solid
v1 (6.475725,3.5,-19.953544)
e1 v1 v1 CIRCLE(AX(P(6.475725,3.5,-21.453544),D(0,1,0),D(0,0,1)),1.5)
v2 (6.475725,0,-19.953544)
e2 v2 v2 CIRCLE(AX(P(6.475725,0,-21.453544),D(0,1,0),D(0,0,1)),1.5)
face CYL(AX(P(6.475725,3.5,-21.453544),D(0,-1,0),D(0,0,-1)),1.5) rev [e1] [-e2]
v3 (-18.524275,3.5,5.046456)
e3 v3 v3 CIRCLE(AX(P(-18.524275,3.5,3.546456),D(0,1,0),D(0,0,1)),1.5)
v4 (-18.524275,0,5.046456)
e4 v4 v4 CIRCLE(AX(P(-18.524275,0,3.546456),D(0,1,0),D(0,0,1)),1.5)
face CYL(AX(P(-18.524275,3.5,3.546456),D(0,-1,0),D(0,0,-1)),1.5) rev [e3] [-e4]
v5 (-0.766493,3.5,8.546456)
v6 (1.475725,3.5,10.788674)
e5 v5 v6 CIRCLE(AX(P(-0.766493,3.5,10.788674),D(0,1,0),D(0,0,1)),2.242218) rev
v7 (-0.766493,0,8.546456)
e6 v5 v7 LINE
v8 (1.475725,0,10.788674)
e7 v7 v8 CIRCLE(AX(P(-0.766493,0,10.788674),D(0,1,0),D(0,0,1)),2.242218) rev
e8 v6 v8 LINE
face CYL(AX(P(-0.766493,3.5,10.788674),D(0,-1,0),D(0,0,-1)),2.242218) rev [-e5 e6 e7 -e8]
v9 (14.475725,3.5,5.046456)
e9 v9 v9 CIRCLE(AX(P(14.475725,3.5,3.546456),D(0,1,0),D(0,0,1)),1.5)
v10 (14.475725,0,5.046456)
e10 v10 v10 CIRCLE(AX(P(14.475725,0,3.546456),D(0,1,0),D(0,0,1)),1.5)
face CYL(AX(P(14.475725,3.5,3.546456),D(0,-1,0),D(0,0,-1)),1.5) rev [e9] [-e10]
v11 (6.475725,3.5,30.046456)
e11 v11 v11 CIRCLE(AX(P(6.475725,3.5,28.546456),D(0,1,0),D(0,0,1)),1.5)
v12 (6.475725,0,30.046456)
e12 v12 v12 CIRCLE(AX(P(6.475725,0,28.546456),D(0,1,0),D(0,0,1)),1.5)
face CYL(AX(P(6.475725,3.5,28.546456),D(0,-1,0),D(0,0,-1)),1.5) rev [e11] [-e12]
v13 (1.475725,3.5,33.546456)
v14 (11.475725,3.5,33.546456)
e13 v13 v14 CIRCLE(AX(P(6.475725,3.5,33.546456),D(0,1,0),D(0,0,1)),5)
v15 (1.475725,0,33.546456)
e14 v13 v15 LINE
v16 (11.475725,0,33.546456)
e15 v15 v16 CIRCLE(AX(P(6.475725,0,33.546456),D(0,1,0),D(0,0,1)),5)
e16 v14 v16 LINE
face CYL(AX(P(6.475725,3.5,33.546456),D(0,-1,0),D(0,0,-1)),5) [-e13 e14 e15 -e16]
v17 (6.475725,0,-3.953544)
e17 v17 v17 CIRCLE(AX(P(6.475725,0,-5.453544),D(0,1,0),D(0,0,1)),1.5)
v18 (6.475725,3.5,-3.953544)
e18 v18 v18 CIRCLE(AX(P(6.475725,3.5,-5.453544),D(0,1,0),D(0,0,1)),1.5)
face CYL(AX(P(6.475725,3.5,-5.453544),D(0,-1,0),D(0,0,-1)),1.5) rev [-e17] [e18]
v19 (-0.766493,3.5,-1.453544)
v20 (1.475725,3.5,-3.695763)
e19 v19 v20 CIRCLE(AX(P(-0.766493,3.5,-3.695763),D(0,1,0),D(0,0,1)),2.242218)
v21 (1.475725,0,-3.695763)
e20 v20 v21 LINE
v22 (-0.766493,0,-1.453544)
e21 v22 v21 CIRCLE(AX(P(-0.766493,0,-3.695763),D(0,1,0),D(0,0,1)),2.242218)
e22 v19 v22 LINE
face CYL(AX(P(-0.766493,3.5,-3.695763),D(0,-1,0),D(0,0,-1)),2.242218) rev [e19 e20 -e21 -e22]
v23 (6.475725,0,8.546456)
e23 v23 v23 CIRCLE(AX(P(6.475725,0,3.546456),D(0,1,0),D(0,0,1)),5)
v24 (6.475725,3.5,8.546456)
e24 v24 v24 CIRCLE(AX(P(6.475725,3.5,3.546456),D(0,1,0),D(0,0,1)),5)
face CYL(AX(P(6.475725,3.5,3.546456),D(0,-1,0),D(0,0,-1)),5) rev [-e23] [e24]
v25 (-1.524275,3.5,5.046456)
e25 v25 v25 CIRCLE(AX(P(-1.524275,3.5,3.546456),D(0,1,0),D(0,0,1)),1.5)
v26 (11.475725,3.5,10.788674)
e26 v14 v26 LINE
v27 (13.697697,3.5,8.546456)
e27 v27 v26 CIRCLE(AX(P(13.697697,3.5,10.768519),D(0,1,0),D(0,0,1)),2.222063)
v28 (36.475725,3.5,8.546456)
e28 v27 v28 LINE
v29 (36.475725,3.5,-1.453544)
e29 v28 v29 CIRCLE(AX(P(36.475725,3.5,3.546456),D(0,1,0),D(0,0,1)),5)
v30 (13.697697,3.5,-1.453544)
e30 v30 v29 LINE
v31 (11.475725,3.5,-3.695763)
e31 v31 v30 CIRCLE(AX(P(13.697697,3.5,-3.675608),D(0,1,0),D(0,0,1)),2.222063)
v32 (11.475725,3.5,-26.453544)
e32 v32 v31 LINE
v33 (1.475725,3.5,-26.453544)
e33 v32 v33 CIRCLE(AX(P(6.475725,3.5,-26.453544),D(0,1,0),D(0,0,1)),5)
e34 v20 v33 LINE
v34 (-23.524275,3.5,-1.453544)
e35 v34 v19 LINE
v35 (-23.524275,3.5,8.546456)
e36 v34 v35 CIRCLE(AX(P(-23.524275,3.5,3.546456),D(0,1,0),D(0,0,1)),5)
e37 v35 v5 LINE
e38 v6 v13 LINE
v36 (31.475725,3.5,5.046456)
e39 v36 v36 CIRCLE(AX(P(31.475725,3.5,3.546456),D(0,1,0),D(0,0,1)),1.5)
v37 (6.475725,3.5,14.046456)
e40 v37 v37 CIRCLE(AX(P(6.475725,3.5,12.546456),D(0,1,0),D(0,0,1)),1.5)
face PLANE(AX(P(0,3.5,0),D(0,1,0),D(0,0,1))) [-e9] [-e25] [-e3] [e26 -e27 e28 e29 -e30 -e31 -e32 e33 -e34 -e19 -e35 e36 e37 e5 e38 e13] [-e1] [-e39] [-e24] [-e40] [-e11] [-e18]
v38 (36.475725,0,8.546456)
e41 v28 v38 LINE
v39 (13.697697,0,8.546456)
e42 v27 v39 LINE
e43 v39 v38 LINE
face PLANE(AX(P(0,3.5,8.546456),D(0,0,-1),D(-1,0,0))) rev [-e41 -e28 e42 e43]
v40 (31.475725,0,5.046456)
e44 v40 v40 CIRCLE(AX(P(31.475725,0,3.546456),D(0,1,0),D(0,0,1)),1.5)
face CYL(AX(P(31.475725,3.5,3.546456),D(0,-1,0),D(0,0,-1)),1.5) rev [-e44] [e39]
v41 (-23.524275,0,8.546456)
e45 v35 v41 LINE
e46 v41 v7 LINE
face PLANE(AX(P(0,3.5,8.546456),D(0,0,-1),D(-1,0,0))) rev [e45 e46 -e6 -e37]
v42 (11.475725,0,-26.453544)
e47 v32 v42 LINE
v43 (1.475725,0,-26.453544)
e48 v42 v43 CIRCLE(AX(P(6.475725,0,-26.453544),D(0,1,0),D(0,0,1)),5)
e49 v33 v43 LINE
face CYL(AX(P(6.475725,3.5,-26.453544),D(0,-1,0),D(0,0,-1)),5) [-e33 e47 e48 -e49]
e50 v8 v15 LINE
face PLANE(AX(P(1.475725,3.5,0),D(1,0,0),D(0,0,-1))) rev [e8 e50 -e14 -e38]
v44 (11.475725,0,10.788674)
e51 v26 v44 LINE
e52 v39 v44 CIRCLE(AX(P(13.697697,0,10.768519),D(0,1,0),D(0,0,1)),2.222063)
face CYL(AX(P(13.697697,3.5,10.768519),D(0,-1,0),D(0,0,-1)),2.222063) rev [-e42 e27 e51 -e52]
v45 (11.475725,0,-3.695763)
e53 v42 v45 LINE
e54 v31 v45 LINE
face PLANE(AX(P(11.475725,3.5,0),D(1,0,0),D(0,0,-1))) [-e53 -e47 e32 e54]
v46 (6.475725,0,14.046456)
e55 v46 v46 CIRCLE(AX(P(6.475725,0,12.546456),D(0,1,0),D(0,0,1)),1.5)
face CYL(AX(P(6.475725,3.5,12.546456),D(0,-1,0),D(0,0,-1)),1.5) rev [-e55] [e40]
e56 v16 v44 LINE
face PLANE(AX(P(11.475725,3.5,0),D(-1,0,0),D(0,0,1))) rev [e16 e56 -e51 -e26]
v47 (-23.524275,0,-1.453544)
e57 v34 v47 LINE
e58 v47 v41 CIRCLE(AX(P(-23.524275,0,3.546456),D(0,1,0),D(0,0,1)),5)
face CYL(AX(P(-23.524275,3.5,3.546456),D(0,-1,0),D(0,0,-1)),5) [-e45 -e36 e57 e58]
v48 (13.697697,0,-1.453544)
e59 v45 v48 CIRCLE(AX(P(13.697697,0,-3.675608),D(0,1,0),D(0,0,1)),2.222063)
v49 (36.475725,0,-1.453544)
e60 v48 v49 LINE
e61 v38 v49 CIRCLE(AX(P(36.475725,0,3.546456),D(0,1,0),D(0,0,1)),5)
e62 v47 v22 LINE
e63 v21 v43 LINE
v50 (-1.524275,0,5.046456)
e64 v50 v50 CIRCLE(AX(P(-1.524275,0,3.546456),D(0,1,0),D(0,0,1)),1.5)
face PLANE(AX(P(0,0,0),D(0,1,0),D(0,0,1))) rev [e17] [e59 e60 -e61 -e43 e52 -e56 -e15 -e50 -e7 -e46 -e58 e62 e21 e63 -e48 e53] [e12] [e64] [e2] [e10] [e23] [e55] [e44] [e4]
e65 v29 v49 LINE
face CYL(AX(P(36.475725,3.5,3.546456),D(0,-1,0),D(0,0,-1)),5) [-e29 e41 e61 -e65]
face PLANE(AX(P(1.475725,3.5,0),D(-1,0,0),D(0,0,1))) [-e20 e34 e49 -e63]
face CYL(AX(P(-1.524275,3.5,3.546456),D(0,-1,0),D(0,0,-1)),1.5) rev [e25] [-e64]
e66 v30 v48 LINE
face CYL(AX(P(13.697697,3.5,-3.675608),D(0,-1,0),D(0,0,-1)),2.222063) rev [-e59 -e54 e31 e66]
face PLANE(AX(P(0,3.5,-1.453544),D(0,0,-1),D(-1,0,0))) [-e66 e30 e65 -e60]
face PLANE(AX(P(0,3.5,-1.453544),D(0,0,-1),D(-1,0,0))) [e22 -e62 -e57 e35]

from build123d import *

# Parameters (mm, degrees)
CROQUIS1_R              = 1.5
CROQUIS1_R_2            = 5
SALIENTE_EXTRUIR2_DEPTH = 3.5


with BuildPart() as part:
    # Croquis1 → Saliente-Extruir2 (new body)
    with BuildSketch(Plane(origin=(0, 0, 0), x_dir=(1, 0, 0), z_dir=(0, 1, 0))):
        with BuildLine():
            Line((1.47572532, 11.484579709), (1.47572532, 3.695762793))
            ThreePointArc((1.47572532, 3.695762793), (0.818994747, 2.110274939), (-0.766493108, 1.453544366))
            Line((-0.766493108, 1.453544366), (-23.52427468, 1.453544366))
            ThreePointArc((-23.52427468, 1.453544366), (-28.52427468, -3.546455634), (-23.52427468, -8.546455634))
            Line((-23.52427468, -8.546455634), (-0.766493108, -8.546455634))
            ThreePointArc((-0.766493108, -8.546455634), (0.818994747, -9.203186206), (1.47572532, -10.788674061))
            Line((1.47572532, -10.788674061), (1.47572532, -18.577490976))
            Line((1.47572532, -18.577490976), (1.47572532, -33.546455634))
            ThreePointArc((1.47572532, -33.546455634), (6.47572532, -38.546455634), (11.47572532, -33.546455634))
            Line((11.47572532, -33.546455634), (11.47572532, -10.788674061))
            Line((11.47572532, -10.788674061), (11.47572532, -10.748363891))
            ThreePointArc((11.47572532, -10.748363891), (12.133603326, -9.190173106), (13.697697252, -8.546455634))
            Line((13.697697252, -8.546455634), (36.47572532, -8.546455634))
            ThreePointArc((36.47572532, -8.546455634), (41.47572532, -3.546455634), (36.47572532, 1.453544366))
            Line((36.47572532, 1.453544366), (13.697697252, 1.453544366))
            ThreePointArc((13.697697252, 1.453544366), (12.133603326, 2.097261838), (11.47572532, 3.655452623))
            Line((11.47572532, 3.655452623), (11.47572532, 3.695762793))
            Line((11.47572532, 3.695762793), (11.47572532, 26.453544366))
            ThreePointArc((11.47572532, 26.453544366), (6.47572532, 31.453544366), (1.47572532, 26.453544366))
            Line((1.47572532, 26.453544366), (1.47572532, 11.484579709))
        make_face()
        with Locations(Location((-1.52427468, -3.546455634, 0), (0, 0, 270))):
            Circle(CROQUIS1_R, mode=Mode.SUBTRACT)
        with Locations(Location((6.47572532, -28.546455634, 0), (0, 0, 270))):
            Circle(CROQUIS1_R, mode=Mode.SUBTRACT)
        with Locations(Location((6.47572532, -12.546455634, 0), (0, 0, 270))):
            Circle(CROQUIS1_R, mode=Mode.SUBTRACT)
        with Locations(Location((-18.52427468, -3.546455634, 0), (0, 0, 270))):
            Circle(CROQUIS1_R, mode=Mode.SUBTRACT)
        with Locations(Location((6.47572532, -3.546455634, 0), (0, 0, 270))):
            Circle(CROQUIS1_R_2, mode=Mode.SUBTRACT)
        with Locations(Location((14.47572532, -3.546455634, 0), (0, 0, 270))):
            Circle(CROQUIS1_R, mode=Mode.SUBTRACT)
        with Locations(Location((6.47572532, 5.453544366, 0), (0, 0, 270))):
            Circle(CROQUIS1_R, mode=Mode.SUBTRACT)
        with Locations(Location((31.47572532, -3.546455634, 0), (0, 0, 270))):
            Circle(CROQUIS1_R, mode=Mode.SUBTRACT)
        with Locations(Location((6.47572532, 21.453544366, 0), (0, 0, 270))):
            Circle(CROQUIS1_R, mode=Mode.SUBTRACT)
    extrude(amount=SALIENTE_EXTRUIR2_DEPTH)


solid = part.part
